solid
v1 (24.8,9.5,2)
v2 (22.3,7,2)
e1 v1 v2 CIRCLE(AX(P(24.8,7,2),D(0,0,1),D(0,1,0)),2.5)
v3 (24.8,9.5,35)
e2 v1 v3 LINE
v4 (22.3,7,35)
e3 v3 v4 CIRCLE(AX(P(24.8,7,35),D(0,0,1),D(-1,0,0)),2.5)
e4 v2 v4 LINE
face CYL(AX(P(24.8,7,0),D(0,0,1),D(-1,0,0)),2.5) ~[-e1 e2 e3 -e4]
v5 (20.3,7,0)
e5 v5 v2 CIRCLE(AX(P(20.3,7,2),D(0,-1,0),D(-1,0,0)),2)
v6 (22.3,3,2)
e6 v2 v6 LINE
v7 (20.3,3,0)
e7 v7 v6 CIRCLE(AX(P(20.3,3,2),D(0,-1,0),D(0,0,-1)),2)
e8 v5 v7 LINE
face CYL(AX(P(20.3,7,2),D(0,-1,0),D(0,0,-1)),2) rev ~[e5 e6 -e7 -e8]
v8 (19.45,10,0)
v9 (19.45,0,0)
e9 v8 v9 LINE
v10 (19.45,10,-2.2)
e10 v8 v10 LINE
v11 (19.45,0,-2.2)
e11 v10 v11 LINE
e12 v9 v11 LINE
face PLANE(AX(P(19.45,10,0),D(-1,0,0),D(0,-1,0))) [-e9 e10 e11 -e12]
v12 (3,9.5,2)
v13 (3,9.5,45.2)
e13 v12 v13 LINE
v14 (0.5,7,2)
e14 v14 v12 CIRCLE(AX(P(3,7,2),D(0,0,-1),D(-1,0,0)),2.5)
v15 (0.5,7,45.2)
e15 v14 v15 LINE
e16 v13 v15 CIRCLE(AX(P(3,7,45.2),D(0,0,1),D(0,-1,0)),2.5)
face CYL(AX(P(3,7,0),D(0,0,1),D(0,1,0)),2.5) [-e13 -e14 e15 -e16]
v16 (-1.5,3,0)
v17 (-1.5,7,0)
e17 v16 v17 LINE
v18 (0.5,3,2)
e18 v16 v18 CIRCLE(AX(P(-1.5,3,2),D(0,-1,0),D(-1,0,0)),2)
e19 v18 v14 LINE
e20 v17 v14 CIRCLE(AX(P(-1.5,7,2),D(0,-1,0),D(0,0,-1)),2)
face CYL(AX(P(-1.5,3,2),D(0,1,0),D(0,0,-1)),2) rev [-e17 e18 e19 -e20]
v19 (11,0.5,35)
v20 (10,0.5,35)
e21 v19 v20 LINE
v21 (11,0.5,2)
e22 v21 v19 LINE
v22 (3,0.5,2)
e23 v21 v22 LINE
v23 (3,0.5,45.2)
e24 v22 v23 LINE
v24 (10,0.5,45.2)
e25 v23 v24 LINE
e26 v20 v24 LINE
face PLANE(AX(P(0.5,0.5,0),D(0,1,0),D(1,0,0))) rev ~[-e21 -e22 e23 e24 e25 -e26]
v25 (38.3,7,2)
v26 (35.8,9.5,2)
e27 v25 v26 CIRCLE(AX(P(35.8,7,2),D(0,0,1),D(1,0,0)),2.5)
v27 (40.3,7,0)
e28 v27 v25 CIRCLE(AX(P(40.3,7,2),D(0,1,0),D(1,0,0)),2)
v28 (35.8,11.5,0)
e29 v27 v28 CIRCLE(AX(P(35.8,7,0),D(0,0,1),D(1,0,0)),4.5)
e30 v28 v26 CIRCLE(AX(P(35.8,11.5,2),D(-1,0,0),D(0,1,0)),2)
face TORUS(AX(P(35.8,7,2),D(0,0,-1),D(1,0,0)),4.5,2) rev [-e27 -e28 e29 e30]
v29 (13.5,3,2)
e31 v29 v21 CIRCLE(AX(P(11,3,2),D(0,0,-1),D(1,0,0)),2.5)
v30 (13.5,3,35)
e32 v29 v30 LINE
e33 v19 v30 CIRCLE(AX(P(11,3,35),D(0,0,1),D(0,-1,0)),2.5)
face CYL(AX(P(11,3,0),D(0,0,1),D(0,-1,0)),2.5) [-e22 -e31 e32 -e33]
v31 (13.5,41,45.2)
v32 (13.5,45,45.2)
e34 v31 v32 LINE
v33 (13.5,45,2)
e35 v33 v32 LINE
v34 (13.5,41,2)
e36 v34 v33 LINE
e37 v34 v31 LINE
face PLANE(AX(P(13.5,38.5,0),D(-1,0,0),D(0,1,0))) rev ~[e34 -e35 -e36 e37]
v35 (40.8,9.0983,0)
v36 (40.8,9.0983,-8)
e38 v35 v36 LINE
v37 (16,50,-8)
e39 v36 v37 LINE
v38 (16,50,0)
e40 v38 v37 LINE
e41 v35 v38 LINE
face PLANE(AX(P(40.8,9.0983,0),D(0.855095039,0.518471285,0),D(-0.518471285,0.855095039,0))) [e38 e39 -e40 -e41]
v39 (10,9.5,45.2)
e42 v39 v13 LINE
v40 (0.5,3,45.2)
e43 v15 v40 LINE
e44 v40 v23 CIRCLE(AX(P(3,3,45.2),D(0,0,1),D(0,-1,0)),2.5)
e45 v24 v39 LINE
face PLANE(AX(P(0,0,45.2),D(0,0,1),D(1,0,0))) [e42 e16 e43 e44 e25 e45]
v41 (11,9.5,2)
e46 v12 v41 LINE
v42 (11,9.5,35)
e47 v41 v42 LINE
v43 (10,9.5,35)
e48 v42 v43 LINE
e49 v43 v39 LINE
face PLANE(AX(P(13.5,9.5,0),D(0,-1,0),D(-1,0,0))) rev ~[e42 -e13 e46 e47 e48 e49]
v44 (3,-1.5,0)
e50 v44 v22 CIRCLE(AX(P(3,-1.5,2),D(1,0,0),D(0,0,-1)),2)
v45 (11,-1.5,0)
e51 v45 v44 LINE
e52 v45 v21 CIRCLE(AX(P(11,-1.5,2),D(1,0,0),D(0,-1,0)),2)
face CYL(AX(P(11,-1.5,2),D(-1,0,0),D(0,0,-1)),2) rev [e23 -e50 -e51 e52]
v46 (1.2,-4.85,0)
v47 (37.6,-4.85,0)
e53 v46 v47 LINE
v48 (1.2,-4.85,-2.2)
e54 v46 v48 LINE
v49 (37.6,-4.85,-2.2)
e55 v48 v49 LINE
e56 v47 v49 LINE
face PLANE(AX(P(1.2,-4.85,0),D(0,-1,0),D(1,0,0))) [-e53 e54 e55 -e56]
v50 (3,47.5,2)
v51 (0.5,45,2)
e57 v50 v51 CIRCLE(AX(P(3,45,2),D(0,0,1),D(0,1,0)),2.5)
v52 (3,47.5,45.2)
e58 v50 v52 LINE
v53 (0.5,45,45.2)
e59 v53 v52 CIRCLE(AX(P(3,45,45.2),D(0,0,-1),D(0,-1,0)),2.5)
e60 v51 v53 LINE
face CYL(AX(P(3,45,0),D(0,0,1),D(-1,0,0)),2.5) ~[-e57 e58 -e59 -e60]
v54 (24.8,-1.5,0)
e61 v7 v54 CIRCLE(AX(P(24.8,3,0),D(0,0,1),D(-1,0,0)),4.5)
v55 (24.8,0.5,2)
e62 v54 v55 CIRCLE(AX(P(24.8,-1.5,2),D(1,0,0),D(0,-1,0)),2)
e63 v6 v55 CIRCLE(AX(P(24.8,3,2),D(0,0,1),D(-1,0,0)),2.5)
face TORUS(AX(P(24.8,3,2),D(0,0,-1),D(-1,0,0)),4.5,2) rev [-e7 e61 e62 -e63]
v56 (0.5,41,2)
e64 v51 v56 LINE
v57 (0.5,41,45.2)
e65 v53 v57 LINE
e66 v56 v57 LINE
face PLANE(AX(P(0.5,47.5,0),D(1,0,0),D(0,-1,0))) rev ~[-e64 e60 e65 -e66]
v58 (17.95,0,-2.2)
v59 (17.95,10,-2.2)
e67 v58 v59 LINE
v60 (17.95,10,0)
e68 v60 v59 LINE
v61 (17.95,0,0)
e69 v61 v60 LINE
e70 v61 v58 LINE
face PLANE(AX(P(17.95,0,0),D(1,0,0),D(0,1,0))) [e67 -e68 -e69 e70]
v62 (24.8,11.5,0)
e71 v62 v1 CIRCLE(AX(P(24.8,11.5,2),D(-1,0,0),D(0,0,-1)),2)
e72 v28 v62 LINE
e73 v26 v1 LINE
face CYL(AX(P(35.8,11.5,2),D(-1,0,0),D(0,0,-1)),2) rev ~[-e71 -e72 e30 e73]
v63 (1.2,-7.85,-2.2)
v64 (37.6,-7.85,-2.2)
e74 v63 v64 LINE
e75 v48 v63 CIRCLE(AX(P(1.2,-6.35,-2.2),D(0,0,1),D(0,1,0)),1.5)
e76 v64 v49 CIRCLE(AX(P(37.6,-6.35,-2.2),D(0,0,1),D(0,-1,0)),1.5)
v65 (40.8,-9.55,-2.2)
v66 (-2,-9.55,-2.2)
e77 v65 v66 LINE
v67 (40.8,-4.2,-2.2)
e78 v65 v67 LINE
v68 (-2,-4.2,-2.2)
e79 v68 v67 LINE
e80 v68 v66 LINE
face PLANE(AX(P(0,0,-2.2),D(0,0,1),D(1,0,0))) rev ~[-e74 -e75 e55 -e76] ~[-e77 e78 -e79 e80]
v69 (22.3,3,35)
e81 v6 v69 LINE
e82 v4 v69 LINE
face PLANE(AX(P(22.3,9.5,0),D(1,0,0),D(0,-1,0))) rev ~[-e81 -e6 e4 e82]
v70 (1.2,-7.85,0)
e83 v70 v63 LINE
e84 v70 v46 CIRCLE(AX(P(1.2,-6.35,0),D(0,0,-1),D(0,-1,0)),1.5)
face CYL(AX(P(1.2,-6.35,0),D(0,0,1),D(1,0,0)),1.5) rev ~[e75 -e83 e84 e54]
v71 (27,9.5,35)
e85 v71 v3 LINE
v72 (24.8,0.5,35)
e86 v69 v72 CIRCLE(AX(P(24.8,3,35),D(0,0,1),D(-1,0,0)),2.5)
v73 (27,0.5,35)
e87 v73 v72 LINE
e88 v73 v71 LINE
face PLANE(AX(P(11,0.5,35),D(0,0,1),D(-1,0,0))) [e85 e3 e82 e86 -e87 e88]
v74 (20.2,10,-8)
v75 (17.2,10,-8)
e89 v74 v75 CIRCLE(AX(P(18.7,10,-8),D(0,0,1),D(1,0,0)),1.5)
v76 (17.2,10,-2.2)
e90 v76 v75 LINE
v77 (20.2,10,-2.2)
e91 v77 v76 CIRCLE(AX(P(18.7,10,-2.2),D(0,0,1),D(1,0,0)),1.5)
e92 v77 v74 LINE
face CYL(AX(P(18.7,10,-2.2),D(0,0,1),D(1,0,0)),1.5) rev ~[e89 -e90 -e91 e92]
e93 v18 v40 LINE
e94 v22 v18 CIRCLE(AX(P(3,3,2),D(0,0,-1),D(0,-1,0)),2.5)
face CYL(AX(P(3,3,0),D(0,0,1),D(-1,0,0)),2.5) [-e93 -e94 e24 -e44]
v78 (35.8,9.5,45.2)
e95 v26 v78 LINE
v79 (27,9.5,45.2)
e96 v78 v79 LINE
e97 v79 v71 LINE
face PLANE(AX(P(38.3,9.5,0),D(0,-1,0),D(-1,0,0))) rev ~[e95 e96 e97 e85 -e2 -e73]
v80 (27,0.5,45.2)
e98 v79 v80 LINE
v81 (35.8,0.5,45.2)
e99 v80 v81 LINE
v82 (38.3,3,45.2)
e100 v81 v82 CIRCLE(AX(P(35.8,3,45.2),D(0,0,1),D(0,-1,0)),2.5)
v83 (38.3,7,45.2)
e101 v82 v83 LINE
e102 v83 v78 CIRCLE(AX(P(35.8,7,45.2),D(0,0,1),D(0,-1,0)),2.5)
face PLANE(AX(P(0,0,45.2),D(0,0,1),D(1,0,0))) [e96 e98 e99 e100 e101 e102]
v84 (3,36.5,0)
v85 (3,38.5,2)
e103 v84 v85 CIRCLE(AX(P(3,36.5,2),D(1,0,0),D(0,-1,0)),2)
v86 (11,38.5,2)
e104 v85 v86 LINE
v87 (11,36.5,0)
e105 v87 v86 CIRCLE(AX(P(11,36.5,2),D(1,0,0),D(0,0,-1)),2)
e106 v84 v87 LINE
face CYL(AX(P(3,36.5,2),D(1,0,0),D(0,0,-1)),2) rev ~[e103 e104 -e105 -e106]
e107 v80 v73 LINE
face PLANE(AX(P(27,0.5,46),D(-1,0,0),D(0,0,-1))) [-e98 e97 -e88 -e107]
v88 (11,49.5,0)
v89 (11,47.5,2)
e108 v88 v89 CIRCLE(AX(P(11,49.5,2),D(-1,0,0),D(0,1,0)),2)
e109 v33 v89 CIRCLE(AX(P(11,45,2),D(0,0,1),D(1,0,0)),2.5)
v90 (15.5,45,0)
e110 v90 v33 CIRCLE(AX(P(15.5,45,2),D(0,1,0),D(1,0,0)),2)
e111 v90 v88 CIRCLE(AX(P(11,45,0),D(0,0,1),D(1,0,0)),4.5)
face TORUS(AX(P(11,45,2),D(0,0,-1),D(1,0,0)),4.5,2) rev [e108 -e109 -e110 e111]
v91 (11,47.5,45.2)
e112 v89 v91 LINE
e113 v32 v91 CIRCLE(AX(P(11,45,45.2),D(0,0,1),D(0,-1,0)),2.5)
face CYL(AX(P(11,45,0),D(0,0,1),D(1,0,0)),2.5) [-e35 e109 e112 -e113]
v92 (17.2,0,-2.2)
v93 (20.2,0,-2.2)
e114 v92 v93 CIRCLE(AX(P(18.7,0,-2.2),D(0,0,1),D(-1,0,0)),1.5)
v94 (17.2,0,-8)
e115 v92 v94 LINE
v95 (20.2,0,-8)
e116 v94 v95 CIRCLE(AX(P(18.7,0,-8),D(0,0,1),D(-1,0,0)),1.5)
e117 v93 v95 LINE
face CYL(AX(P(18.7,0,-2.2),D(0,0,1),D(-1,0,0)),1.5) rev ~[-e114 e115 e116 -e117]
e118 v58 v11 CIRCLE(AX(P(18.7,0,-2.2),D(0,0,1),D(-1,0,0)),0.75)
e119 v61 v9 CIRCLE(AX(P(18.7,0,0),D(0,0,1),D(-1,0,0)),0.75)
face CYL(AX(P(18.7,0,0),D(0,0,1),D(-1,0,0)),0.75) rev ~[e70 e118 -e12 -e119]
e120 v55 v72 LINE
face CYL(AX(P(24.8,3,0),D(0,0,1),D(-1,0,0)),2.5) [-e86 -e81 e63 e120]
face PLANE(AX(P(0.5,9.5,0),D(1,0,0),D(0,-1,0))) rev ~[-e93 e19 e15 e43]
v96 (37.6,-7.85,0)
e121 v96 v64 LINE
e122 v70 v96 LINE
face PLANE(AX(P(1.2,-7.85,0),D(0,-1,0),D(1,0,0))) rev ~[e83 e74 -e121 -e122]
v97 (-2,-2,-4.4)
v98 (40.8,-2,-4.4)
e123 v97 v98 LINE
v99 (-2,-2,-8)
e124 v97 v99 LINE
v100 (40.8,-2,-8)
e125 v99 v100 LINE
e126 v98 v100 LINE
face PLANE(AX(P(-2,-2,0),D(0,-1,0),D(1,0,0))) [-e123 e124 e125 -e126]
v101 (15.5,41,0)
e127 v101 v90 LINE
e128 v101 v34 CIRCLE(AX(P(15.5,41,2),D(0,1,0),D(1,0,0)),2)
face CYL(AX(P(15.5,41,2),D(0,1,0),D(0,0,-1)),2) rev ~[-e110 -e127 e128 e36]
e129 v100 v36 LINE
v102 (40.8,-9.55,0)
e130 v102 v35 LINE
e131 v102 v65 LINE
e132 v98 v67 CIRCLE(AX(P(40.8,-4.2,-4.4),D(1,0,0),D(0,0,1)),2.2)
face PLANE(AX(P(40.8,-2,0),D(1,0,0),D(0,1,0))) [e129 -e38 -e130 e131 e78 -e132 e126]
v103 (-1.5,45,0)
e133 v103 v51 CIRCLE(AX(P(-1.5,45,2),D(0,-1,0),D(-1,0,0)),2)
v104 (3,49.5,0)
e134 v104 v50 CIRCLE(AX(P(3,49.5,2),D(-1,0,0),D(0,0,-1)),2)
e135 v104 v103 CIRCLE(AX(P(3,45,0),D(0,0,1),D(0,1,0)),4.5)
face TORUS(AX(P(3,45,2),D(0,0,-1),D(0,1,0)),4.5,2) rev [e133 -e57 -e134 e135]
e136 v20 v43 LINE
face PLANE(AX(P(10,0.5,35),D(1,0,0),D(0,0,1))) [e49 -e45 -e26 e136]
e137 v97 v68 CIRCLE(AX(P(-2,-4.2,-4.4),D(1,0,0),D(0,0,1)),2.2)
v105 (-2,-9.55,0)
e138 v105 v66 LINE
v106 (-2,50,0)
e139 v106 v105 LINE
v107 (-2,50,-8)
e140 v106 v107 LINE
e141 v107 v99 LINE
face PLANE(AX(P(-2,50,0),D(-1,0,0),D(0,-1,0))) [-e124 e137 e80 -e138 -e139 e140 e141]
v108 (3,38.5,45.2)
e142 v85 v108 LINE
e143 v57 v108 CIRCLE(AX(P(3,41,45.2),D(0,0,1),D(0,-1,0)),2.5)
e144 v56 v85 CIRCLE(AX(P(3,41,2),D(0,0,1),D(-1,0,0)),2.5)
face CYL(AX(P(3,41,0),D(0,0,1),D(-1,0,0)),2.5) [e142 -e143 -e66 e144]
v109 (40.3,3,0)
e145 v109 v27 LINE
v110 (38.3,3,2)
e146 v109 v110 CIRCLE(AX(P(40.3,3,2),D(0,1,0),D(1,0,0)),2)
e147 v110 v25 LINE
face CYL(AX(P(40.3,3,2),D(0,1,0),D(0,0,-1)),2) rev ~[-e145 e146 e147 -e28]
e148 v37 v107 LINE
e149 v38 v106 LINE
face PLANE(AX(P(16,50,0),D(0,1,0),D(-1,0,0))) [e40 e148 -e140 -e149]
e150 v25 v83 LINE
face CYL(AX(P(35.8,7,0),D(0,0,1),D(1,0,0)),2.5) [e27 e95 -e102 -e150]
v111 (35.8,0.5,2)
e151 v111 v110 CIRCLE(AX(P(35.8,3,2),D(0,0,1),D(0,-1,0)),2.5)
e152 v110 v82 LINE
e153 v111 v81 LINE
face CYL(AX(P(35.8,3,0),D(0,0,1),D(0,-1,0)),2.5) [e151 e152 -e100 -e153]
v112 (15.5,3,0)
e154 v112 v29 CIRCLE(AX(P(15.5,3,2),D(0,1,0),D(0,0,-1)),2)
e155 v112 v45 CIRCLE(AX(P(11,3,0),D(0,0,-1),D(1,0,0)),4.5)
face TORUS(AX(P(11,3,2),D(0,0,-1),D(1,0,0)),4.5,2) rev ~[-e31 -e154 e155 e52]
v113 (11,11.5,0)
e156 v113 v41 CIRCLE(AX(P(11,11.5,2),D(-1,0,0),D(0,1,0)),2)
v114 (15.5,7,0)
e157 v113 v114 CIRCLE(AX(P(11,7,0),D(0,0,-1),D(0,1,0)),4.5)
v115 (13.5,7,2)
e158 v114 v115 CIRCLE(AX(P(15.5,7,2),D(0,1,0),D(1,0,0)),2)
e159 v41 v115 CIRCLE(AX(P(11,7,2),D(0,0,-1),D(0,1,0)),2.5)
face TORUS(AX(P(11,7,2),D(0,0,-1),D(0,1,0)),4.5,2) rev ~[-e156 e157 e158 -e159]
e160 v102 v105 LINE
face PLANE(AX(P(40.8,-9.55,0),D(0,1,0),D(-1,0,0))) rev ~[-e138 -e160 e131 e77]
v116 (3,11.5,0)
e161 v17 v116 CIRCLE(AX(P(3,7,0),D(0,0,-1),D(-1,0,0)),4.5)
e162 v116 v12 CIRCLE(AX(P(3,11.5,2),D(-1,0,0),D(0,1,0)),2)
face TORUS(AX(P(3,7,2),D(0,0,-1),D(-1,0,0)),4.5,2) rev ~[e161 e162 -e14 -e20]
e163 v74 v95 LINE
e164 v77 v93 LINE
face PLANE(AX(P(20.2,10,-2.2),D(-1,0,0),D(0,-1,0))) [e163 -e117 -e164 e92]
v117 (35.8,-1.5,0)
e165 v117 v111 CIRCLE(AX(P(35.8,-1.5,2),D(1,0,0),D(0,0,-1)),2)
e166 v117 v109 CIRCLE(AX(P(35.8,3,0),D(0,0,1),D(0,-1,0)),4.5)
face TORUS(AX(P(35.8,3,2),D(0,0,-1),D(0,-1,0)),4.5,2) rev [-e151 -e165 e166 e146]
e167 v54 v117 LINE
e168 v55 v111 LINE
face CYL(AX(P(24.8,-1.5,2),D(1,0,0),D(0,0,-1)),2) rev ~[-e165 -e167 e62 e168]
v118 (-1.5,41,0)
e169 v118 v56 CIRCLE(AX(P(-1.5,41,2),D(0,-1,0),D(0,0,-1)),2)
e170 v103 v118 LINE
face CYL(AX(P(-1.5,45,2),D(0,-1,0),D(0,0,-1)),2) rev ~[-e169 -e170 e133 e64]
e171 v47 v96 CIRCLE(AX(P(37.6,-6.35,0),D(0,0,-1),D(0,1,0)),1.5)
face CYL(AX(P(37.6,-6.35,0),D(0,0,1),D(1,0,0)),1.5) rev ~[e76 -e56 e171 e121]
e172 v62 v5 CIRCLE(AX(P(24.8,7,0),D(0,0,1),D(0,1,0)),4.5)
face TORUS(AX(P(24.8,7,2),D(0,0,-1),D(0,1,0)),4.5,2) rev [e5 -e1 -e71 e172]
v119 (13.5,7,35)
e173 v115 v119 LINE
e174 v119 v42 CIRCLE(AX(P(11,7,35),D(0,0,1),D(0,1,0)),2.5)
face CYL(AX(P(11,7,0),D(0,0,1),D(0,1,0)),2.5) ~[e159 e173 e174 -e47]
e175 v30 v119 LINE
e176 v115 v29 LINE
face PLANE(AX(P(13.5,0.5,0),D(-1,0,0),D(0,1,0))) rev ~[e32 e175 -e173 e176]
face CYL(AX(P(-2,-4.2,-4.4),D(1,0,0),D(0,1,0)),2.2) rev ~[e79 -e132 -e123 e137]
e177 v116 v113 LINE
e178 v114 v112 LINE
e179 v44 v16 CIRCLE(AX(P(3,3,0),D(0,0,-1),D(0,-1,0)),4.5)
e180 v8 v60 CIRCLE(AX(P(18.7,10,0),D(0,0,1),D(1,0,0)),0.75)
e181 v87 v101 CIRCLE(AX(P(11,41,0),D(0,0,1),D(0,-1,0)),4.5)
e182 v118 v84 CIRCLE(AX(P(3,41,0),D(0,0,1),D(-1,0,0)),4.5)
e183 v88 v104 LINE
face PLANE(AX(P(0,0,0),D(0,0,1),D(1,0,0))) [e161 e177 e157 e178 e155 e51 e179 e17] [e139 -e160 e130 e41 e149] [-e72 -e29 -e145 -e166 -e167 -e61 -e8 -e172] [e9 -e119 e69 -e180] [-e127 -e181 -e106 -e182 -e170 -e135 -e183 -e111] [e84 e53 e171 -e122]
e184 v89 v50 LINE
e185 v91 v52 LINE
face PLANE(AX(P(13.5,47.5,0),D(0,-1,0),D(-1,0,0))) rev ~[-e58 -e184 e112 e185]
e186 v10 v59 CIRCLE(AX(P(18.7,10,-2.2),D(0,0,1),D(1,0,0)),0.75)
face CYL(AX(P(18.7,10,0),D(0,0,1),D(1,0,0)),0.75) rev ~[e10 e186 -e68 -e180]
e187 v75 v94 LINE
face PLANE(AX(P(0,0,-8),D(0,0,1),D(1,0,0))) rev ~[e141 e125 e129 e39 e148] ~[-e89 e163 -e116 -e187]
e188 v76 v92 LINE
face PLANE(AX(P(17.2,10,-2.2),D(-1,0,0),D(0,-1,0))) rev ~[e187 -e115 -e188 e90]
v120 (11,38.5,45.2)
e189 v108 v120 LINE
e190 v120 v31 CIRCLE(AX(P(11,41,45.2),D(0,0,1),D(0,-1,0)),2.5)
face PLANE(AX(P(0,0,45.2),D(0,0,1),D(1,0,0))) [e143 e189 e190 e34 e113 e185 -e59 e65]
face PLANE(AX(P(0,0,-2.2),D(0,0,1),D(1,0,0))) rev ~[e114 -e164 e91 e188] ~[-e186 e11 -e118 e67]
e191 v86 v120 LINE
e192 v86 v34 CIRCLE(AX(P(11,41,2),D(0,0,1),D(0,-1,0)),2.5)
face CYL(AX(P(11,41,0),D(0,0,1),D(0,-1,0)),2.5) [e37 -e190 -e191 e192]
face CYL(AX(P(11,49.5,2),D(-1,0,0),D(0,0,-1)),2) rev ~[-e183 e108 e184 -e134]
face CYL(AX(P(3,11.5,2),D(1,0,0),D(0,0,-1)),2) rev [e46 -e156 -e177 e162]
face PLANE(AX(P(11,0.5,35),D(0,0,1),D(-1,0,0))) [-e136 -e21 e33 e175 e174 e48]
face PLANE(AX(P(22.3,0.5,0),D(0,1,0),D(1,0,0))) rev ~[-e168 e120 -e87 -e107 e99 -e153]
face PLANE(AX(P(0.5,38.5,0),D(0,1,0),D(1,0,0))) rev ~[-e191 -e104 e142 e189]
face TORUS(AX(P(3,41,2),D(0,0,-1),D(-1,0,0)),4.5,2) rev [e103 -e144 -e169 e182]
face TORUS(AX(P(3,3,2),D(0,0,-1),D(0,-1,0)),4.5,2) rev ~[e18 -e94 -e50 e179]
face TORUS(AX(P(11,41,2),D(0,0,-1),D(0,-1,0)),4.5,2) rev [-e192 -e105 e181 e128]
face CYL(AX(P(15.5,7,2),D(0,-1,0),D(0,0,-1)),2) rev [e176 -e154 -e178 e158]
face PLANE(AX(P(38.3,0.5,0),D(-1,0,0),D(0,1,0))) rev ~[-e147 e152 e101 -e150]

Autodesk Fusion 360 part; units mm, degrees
sketch "スケッチ1" plane through (0, 0, 0) normal (0, 0, 1) x (1, 0, 0)
  line L0 (0, 0) -> (14, 0)
  line L1 (14, 0) -> (14, 10)
  line L2 (14, 10) -> (0, 10)
  line L3 (0, 10) -> (0, 0)
  line L4 (21.8, 0) -> (38.8, 0)
  line L5 (38.8, 0) -> (38.8, 10)
  line L6 (38.8, 10) -> (21.8, 10)
  line L7 (21.8, 10) -> (21.8, 0)
  line L8 (0.5, 9.5) -> (0.5, 0.5)
  line L9 (0.5, 0.5) -> (13.5, 0.5)
  line L10 (13.5, 0.5) -> (13.5, 9.5)
  line L11 (13.5, 9.5) -> (0.5, 9.5)
  line L12 (22.3, 0.5) -> (38.3, 0.5)
  line L13 (38.3, 0.5) -> (38.3, 9.5)
  line L14 (38.3, 9.5) -> (22.3, 9.5)
  line L15 (22.3, 9.5) -> (22.3, 0.5)
  line L16 (0, 38) -> (14, 38)
  line L17 (14, 38) -> (14, 48)
  line L18 (14, 48) -> (0, 48)
  line L19 (0, 48) -> (0, 38)
  line L20 (0.5, 38.5) -> (13.5, 38.5)
  line L21 (13.5, 38.5) -> (13.5, 47.5)
  line L22 (13.5, 47.5) -> (0.5, 47.5)
  line L23 (0.5, 47.5) -> (0.5, 38.5)
  line L24 (-2, 50) -> (-2, -2)
  line L25 (-2, -2) -> (40.8, -2)
  line L26 (40.8, -2) -> (40.8, 9.0983)
  line L27 (40.8, 9.0983) -> (16, 50)
  line L28 (16, 50) -> (-2, 50)
  line L29 (17.95, 10) -> (19.45, 10)
  line L30 (19.45, 10) -> (19.45, 0)
  line L31 (19.45, 0) -> (17.95, 0)
  line L32 (17.95, 0) -> (17.95, 10)
  line L33 (20.2, 10) -> (20.2, 0)
  line L34 (17.2, 10) -> (17.2, 0)
  arc A0 (19.45, 10) -> (17.95, 10) centre (18.7, 10) ccw
  arc A1 (20.2, 10) -> (17.2, 10) centre (18.7, 10) ccw
  arc A2 (17.95, 0) -> (19.45, 0) centre (18.7, 0) ccw
  arc A3 (17.2, 0) -> (20.2, 0) centre (18.7, 0) ccw
  line L35 (-2, -2) -> (40.8, -2)
  line L36 (40.8, -2) -> (40.8, -6.35)
  line L37 (40.8, -6.35) -> (-2, -6.35)
  line L38 (-2, -6.35) -> (-2, -2)
  line L39 (-2, -6.35) -> (40.8, -6.35)
  line L40 (40.8, -6.35) -> (40.8, -9.55)
  line L41 (40.8, -9.55) -> (-2, -9.55)
  line L42 (-2, -9.55) -> (-2, -6.35)
  circle A4 centre (1.2, -6.35) radius 1.5
  circle A5 centre (37.6, -6.35) radius 1.5
  line L43 (1.2, -4.85) -> (37.6, -4.85)
  line L44 (1.2, -7.85) -> (37.6, -7.85)
  dimension "d1" = 14
  dimension "d2" = 10
  dimension "d3" = 17
  dimension "d4" = 10
  dimension "d5" = 7.8
  dimension "d6" = -0.5
  dimension "d7" = -0.5
  dimension "d8" = 14
  dimension "d9" = 10
  dimension "d10" = 28
  dimension "d11" = -0.5
  dimension "d12" = 2
  dimension "d13" = 2
  dimension "d14" = 2
  dimension "d15" = 14
  dimension "d16" = 2
  dimension "d17" = 2
  dimension "d39" = 3.95
  dimension "d40" = 1.5
  dimension "d41" = 0.75
  dimension "d42" = 0.75
  dimension "d46" = 4.35
  dimension "d47" = 3.2
  dimension "d48" = 3
  dimension "d49" = 3
  dimension "d50" = 3.2
  dimension "d51" = 3.2
extrude "押し出し1" add sketch "スケッチ1" along normal blind 45.2 contours L8 L9 L10 L11 | L12 L13 L14 L15 | L20 L21 L22 L23 makes body 1 at (4.8333, 38.5, 30.1333) makes body 2 at (9.1667, 9.5, 15.0667) makes body 3 at (32.9667, 9.5, 30.1333)
extrude "押し出し2" add sketch "スケッチ1" against normal blind 8 contours L0 L1 L2 L3 | L4 L5 L6 L7 | L8 L9 L10 L11 | L12 L13 L14 L15 | L16 L17 L18 L19 | L20 L21 L22 L23 | L24 L25 L26 L27 L28 L35 | L33 L34 A1 A3 bodies 1 2 3
fillet "フィレット1" radius 2.5 12 edges at (38.3, 9.5, 22.6) (38.3, 0.5, 22.6) (13.5, 9.5, 22.6) (13.5, 0.5, 22.6) (13.5, 38.5, 22.6) (13.5, 47.5, 22.6) (22.3, 0.5, 22.6) (22.3, 9.5, 22.6) (0.5, 38.5, 22.6) (0.5, 47.5, 22.6) (0.5, 9.5, 22.6) (0.5, 0.5, 22.6) on bodies 1
fillet "フィレット2" radius 2 24 edges at (37.5678, 8.7678, 0) (30.3, 9.5, 0) (23.0322, 8.7678, 0) (22.3, 5, 0) (23.0322, 1.2322, 0) (30.3, 0.5, 0) (37.5678, 1.2322, 0) (38.3, 5, 0) (12.7678, 8.7678, 0) (7, 9.5, 0) (1.2322, 8.7678, 0) (0.5, 5, 0) (1.2322, 1.2322, 0) (7, 0.5, 0) (12.7678, 1.2322, 0) (13.5, 5, 0) (12.7678, 46.7678, 0) (7, 47.5, 0) (1.2322, 46.7678, 0) (0.5, 43, 0) (1.2322, 39.2322, 0) (7, 38.5, 0) (12.7678, 39.2322, 0) (13.5, 43, 0) on bodies 1
sketch "スケッチ2" plane through (0, 0.5, 0) normal (0, -1, 0) x (1, 0, 0)
  line L0 (3, 2) -> (11, 2)
  line L1 (11, 2) -> (11, 45.2)
  line L2 (11, 45.2) -> (3, 45.2)
  line L3 (3, 45.2) -> (3, 2)
  line L4 (10, 46) -> (27, 46)
  line L5 (27, 46) -> (27, 35)
  line L6 (27, 35) -> (10, 35)
  line L7 (10, 35) -> (10, 46)
  dimension "d26" = 17
  dimension "d27" = 11
  dimension "d28" = 46
  dimension "d29" = 10
extrude "押し出し3" cut sketch "スケッチ2" against normal blind 10 contours L1 L2 L6 L7 | L1 L2 L4 L5 L6 L7 bodies 1
extrude "押し出し5" cut sketch "スケッチ1" against normal blind 9 from surface at -2.2 contours L33 L34 A1 A3 bodies 1
extrude "押し出し6" add sketch "スケッチ1" against normal blind 2.2 contours L25 L35 L36 L37 L38 L39 A4 A5 L43 | L37 L39 L40 L41 L42 A4 A5 L44 bodies 1
fillet "フィレット3" radius 2.2 1 edges at (19.4, -2, -2.2) on bodies 1
